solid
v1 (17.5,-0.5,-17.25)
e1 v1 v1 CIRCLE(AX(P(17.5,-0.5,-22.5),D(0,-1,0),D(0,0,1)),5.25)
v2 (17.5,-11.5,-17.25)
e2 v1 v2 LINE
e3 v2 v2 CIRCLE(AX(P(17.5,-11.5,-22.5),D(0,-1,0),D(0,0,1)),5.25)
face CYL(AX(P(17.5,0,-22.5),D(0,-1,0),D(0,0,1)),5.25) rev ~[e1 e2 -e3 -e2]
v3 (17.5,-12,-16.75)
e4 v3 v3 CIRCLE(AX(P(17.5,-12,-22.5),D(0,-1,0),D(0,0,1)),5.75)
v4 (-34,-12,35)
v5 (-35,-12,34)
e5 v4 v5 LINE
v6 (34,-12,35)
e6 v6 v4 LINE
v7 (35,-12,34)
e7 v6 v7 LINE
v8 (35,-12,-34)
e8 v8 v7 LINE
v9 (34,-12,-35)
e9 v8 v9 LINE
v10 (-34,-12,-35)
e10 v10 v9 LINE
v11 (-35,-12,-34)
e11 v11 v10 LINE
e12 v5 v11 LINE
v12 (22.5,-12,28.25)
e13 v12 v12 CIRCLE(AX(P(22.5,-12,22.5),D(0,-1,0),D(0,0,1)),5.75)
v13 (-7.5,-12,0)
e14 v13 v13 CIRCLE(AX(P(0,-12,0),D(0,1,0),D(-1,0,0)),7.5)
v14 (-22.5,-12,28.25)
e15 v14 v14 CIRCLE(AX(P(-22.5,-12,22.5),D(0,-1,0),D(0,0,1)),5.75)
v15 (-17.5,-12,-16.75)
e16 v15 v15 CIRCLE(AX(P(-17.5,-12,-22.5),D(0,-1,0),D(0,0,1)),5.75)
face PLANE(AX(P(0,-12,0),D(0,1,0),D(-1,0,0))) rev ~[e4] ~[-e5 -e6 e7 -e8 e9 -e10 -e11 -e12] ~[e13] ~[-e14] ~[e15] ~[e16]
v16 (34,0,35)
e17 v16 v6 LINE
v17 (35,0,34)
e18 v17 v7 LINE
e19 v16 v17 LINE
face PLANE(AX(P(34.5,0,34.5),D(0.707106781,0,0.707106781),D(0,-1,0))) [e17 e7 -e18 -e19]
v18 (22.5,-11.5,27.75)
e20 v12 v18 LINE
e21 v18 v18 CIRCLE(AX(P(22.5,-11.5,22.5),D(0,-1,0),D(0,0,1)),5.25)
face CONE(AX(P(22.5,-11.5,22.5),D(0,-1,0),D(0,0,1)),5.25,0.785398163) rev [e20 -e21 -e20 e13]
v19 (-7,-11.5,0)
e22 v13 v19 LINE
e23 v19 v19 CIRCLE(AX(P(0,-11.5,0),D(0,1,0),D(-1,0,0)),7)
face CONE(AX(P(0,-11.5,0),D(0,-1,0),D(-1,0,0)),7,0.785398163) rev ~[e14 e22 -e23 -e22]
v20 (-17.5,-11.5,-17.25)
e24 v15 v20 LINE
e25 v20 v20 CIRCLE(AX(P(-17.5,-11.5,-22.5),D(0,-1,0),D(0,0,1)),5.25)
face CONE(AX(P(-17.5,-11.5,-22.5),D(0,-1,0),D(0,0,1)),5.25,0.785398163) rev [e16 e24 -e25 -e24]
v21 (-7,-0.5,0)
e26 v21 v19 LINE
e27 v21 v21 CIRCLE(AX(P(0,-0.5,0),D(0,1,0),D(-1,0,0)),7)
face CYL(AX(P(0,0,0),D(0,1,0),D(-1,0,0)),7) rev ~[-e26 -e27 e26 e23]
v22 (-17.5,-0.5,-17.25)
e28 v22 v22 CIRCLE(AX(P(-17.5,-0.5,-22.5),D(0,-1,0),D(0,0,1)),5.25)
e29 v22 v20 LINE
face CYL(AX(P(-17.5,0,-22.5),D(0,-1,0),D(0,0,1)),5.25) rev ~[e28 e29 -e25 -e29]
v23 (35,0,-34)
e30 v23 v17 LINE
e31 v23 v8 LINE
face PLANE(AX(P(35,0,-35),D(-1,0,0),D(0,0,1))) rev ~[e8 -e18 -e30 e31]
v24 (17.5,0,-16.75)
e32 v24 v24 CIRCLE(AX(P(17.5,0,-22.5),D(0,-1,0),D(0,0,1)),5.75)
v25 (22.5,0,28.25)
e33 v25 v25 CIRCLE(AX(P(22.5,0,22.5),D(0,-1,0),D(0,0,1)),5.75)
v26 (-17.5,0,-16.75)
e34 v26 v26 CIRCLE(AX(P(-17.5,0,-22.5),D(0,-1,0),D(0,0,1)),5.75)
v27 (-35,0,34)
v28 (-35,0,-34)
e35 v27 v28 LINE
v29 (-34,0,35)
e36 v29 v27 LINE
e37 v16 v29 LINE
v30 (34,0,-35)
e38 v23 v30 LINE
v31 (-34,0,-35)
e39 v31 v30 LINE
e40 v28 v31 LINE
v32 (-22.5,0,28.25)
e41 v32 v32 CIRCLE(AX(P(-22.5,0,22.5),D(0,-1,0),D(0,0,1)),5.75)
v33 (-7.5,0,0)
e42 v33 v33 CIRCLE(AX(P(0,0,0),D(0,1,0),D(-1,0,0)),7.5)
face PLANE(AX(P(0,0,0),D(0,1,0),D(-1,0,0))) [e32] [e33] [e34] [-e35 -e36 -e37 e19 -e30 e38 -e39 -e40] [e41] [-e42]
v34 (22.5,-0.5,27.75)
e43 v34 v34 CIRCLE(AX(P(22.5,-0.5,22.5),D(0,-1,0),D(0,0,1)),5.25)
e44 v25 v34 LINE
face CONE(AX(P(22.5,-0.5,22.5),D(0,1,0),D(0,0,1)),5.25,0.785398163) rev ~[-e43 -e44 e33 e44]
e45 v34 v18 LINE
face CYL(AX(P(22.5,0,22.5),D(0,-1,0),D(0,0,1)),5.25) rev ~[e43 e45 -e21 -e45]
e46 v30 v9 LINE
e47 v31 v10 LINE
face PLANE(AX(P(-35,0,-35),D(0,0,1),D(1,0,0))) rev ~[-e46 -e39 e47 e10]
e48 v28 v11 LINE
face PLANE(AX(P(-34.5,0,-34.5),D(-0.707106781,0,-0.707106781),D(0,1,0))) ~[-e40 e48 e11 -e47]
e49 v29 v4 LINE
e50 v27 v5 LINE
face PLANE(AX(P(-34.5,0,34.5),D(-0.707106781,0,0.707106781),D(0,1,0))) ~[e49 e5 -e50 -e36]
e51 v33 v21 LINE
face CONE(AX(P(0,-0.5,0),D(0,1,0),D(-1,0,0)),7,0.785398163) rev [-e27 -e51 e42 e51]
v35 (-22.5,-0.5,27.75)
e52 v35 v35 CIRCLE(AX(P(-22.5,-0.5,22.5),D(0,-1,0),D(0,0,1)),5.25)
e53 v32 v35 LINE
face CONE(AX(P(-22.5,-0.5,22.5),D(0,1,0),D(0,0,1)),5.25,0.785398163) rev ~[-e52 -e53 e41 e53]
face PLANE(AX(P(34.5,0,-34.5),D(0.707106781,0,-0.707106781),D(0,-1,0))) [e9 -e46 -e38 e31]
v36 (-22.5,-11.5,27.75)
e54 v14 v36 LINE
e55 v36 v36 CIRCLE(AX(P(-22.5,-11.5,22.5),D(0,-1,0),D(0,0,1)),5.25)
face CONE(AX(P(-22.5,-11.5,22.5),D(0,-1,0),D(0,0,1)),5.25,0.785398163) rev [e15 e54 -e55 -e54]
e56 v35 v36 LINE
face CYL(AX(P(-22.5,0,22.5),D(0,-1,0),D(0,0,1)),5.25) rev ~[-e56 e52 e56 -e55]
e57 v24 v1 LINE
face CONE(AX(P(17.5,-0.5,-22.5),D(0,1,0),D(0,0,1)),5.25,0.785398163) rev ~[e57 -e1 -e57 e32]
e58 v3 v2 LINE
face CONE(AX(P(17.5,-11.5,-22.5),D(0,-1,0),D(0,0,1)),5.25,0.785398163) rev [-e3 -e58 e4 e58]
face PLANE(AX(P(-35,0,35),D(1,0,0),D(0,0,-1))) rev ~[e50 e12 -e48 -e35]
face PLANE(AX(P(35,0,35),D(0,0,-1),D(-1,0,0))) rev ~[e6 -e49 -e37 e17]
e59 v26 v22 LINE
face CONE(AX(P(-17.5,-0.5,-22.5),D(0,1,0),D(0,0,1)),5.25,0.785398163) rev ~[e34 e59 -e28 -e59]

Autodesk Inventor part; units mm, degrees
ref_plane "YZ Plane" through (0, 0, 0) normal (1, 0, 0) x (0, 1, 0)
ref_plane "XZ Plane" through (0, 0, 0) normal (0, 1, 0) x (-1, 0, 0)
ref_plane "XY Plane" through (0, 0, 0) normal (0, 0, 1) x (1, 0, 0)
sketch "Sketch1" plane through (0, 0, 0) normal (0, 1, 0) x (-1, 0, 0)
  line L0 (-35, 35) -> (35, 35)
  line L1 (35, 35) -> (35, -35)
  line L2 (35, -35) -> (-35, -35)
  line L3 (-35, -35) -> (-35, 35)
  line L4 (-35, 35) -> (35, -35) construction
  line L5 (35, 35) -> (-35, -35) construction
  line L6 (-22.5, 22.5) -> (22.5, 22.5) construction
  line L7 (22.5, 22.5) -> (22.5, -22.5) construction
  line L8 (22.5, -22.5) -> (-22.5, -22.5) construction
  line L9 (-22.5, -22.5) -> (-22.5, 22.5) construction
  line L10 (-22.5, 22.5) -> (22.5, -22.5) construction
  line L11 (22.5, 22.5) -> (-22.5, -22.5) construction
  line L12 (-17.5, 22.5) -> (17.5, 22.5) construction
  line L13 (17.5, 22.5) -> (17.5, -22.5) construction
  line L14 (17.5, -22.5) -> (-17.5, -22.5) construction
  line L15 (-17.5, -22.5) -> (-17.5, 22.5) construction
  line L16 (-17.5, 22.5) -> (17.5, -22.5) construction
  line L17 (17.5, 22.5) -> (-17.5, -22.5) construction
  circle A0 centre (0, 0) radius 7
  dimension "d0" = 70
  dimension "d1" = 45
  dimension "d2" = 35
  dimension "d3" = 14
  dimension "d16" = 70
  dimension "d17" = 45
extrude "Extrusion1" add sketch "Sketch1" against normal blind 12
hole "Hole1" at (-17.5, 0, -22.5) at (17.5, 0, -22.5) at (-22.5, 0, 22.5) at (22.5, 0, 22.5) direction (0, -1, 0) diameter 10.5 end through all
chamfer "Chamfer1" distance 0.5 angle 45 10 edges at (17.5, 0, -27.75) (-17.5, 0, -27.75) (22.5, 0, 17.25) (-22.5, 0, 17.25) (17.5, -12, -27.75) (-17.5, -12, -27.75) (22.5, -12, 17.25) (-22.5, -12, 17.25) (7, 0, 0) (7, -12, 0)
chamfer "Chamfer2" distance 1 angle 45 4 edges at (-35, -6, -35) (35, -6, -35) (35, -6, 35) (-35, -6, 35)
properties part number "AP1-002"
